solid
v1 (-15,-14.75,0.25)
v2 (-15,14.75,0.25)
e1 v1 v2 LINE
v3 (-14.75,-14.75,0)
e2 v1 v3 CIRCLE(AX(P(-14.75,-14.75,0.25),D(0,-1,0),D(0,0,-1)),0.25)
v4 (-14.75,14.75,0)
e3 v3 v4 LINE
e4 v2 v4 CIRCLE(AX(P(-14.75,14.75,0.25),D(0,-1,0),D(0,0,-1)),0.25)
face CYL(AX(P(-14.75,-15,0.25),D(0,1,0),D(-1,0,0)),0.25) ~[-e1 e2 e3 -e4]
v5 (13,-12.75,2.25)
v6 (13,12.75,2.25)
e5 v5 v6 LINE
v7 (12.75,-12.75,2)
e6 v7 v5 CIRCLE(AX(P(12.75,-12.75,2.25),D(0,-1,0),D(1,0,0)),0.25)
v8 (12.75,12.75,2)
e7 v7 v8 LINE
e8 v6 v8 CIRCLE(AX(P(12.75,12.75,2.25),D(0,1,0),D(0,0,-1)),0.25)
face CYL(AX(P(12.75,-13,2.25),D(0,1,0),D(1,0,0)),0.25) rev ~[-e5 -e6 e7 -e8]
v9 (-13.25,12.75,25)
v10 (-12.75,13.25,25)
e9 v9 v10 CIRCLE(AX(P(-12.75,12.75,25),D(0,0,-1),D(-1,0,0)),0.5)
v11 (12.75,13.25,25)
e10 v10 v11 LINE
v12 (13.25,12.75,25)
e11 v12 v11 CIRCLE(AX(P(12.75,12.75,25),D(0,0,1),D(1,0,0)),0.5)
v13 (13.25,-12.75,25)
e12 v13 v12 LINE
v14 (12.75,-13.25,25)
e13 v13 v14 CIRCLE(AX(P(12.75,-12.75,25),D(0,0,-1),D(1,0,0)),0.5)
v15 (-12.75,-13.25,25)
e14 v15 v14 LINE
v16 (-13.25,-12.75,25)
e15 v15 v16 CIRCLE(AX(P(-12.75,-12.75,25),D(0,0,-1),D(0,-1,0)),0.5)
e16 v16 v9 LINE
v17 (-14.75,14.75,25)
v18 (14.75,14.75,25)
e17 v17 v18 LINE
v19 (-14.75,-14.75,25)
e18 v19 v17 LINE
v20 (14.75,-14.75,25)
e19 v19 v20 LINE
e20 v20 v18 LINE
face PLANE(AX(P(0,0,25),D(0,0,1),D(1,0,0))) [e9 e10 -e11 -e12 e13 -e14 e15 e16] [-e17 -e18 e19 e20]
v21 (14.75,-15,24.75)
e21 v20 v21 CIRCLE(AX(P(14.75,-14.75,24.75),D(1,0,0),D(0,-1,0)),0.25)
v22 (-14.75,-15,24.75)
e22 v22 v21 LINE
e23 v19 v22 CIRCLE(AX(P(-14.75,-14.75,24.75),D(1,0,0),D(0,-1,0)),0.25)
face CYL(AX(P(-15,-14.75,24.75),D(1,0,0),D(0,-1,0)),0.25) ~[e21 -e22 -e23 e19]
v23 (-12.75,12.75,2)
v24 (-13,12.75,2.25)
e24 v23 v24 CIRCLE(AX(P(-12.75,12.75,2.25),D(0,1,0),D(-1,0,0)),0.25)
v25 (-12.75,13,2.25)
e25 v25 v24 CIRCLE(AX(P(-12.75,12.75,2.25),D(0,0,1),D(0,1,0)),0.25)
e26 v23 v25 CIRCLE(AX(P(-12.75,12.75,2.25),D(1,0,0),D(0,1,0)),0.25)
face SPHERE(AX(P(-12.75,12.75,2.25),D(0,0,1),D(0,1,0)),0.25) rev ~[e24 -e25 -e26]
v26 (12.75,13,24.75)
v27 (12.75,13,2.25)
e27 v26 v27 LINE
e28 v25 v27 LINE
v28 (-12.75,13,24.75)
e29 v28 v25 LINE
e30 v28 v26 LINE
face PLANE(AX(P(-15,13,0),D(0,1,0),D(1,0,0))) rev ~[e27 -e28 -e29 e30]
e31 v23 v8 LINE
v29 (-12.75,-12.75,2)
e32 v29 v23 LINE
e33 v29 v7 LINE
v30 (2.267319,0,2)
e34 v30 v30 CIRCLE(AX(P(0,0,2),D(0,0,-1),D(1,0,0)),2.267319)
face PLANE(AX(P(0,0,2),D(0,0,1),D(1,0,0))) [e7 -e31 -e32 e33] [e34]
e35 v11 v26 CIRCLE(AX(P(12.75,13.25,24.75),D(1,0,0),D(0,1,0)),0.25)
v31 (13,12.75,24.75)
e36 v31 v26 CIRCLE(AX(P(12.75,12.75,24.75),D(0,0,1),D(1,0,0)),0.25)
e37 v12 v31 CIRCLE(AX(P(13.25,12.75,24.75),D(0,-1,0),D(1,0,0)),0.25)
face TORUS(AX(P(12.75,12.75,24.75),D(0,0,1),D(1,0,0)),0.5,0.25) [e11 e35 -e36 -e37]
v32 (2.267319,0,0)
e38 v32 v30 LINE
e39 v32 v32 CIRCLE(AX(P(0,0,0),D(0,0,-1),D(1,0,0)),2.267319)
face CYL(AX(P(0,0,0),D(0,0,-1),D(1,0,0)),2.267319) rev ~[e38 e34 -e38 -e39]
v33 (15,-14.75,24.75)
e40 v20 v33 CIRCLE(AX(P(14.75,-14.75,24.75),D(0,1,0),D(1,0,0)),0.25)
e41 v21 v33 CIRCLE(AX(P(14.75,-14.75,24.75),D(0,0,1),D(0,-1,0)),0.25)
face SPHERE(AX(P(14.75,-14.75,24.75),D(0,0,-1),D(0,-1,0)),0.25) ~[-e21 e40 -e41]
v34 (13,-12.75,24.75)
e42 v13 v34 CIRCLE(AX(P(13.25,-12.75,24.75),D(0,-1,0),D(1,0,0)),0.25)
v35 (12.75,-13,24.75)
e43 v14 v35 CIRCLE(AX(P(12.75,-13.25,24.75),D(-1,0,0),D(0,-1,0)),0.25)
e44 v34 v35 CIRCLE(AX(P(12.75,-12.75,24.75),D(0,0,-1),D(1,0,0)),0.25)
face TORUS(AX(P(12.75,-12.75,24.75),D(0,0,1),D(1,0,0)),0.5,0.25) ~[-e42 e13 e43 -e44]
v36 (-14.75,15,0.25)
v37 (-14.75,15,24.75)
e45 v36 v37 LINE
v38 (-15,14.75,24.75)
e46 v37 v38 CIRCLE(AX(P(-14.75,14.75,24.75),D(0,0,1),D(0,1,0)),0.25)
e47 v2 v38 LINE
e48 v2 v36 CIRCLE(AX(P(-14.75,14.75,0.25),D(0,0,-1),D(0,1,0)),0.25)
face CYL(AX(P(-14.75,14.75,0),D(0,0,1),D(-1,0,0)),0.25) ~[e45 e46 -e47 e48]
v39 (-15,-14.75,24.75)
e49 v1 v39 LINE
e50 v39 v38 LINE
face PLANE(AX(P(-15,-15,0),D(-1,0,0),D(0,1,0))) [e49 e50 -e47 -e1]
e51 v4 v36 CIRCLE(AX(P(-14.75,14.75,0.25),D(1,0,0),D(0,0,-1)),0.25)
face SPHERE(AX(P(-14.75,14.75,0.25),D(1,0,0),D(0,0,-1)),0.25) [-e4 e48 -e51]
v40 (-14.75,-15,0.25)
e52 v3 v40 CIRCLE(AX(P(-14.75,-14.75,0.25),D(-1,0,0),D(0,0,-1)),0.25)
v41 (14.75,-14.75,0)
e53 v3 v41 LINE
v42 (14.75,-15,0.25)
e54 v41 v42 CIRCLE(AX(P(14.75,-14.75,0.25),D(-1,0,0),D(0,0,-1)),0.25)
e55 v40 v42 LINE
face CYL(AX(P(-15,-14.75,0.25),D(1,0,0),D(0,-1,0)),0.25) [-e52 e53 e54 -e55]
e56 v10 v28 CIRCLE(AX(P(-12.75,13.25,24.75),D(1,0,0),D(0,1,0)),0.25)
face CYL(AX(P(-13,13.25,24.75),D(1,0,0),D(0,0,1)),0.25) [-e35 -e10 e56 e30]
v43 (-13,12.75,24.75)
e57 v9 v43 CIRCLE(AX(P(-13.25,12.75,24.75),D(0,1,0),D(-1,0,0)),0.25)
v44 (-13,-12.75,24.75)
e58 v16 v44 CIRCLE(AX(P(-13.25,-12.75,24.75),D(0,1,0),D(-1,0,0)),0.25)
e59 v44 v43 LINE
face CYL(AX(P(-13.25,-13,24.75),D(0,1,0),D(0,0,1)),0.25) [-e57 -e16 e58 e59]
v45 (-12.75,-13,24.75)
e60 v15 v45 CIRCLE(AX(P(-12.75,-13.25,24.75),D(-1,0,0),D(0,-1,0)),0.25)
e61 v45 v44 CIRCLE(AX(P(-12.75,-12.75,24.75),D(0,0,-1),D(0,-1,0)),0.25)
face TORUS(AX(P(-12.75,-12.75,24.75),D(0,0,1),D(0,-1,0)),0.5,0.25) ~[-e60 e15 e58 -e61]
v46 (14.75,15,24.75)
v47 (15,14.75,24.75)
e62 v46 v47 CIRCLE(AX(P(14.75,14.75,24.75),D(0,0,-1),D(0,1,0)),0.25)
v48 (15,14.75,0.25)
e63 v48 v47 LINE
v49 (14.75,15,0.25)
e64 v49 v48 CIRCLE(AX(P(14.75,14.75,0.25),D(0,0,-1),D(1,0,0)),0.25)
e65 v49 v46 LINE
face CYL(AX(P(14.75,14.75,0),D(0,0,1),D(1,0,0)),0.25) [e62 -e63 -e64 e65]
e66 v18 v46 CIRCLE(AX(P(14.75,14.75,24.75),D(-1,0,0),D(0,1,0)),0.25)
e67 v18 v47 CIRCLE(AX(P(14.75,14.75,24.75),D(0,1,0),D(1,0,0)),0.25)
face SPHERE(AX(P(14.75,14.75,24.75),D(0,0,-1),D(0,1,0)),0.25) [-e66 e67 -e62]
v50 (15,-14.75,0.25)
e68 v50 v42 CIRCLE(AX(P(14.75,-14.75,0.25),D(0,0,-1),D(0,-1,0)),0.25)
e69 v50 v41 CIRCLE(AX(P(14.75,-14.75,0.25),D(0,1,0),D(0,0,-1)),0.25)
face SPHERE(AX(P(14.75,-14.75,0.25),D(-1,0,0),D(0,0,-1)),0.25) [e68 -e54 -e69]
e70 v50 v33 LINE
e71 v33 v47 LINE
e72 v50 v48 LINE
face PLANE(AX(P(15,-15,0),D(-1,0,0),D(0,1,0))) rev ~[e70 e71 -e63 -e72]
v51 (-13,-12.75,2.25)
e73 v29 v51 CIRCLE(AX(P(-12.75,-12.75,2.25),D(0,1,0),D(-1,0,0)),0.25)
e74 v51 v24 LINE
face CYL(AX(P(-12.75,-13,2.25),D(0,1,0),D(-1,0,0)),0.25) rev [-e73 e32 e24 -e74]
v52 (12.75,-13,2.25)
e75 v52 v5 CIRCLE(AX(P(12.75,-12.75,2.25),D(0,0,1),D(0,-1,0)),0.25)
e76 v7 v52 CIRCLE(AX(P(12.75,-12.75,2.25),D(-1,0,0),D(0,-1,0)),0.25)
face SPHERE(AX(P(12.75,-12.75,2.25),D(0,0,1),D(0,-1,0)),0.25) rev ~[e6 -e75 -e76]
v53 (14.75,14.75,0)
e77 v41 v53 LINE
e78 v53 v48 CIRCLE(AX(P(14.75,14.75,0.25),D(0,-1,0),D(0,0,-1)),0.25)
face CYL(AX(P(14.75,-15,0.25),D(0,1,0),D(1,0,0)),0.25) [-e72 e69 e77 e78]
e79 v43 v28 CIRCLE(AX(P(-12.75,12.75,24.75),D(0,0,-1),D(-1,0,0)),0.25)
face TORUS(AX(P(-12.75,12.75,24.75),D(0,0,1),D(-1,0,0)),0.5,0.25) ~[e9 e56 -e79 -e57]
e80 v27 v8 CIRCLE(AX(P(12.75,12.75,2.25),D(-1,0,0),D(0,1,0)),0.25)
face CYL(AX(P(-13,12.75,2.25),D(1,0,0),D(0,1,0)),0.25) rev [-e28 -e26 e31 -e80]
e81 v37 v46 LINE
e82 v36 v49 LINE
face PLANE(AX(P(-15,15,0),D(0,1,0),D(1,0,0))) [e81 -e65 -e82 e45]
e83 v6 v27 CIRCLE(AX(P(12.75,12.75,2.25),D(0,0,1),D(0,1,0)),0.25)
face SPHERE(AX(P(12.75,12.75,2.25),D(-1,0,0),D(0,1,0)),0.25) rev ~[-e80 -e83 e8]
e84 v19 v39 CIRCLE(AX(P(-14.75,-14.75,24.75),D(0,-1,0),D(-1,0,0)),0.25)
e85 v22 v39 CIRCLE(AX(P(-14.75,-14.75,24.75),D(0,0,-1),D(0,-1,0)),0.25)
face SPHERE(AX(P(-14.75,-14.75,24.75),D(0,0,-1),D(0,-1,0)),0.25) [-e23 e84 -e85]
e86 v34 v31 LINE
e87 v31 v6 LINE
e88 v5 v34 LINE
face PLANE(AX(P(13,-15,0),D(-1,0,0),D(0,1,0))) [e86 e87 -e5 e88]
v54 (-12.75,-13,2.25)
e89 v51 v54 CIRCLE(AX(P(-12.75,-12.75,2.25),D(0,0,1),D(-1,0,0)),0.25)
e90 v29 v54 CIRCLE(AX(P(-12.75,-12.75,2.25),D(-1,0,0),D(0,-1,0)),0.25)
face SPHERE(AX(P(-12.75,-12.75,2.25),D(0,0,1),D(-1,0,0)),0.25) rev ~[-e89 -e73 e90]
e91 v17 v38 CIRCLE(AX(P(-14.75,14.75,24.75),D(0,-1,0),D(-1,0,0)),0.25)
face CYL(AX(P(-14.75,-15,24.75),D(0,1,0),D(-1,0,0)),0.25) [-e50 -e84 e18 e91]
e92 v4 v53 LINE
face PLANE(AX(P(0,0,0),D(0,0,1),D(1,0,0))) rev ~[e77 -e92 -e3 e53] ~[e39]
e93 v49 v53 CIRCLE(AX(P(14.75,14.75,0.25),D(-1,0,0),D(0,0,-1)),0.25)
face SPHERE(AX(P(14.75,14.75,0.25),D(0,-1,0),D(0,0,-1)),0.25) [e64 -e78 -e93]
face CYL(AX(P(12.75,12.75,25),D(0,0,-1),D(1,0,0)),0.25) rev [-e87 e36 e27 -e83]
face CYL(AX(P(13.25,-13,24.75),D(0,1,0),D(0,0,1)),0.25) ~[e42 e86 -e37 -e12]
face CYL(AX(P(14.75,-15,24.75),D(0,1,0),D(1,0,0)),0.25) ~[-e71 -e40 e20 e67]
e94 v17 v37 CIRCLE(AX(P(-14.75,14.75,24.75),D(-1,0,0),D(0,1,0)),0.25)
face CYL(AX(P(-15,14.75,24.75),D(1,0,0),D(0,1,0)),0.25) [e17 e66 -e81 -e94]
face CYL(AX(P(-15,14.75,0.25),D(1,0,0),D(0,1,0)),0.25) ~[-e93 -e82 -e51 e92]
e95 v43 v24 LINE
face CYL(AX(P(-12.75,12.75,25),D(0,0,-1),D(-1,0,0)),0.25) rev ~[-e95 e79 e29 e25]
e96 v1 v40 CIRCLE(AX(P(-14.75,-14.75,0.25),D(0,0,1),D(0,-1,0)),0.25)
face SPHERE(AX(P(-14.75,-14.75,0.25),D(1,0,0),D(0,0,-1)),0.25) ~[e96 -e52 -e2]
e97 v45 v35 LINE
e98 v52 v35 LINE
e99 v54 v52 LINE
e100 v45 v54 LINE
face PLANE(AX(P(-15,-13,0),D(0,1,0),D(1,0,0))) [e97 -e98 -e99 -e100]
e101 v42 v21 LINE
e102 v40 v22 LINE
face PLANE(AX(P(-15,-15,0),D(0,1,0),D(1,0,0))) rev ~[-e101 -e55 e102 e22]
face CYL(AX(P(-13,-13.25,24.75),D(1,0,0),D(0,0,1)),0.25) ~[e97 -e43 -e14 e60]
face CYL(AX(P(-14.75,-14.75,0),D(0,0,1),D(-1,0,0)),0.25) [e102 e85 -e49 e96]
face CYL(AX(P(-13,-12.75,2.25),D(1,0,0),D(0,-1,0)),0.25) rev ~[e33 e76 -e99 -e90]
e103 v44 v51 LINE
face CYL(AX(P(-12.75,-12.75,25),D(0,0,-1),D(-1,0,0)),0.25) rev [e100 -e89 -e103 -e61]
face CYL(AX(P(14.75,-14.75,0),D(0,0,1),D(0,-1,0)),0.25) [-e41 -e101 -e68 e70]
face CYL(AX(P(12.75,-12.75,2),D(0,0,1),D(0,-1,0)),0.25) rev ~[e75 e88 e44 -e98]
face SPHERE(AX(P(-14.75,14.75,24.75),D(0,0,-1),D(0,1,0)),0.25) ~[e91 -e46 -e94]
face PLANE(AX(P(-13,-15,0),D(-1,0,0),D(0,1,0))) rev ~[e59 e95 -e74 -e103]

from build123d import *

# Parameters (mm, degrees)
F0_W     = 30
F0_H     = 30
F1_DEPTH = 25
F2_T     = -2
F3_R     = 0.25
F4_R     = 2.2673190991
F5_DEPTH = 25.001


with BuildPart() as f1:
    # F0 (on Top) → F1 (new body)
    with BuildSketch(Plane.XY):
        Rectangle(F0_W, F0_H)
    extrude(amount=F1_DEPTH)

    # F2
    f2_openings = [f1.faces().sort_by_distance(p)[0] for p in [
        (0, 0, 25),
    ]]
    offset(amount=F2_T, openings=f2_openings)

    # F3
    f3_edges = [f1.edges().sort_by_distance(p)[0] for p in [
        (0, 13, 25),
        (-13, 13, 13.5),
        (0, 13, 2),
        (13, 13, 13.5),
        (-13, 0, 25),
        (-13, -13, 13.5),
        (-13, 0, 2),
        (0, -13, 25),
        (13, -13, 13.5),
        (0, -13, 2),
        (13, 0, 25),
        (13, 0, 2),
        (0, -15, 0),
        (15, 0, 0),
        (0, 15, 0),
        (-15, 0, 0),
        (-15, -15, 12.5),
        (15, -15, 12.5),
        (0, -15, 25),
        (15, 15, 12.5),
        (-15, 15, 12.5),
        (0, 15, 25),
        (-15, 0, 25),
        (15, 0, 25),
    ]]
    fillet(f3_edges, radius=F3_R)

    # F4 (on face) → F5 (cut, through all)
    with BuildSketch(Plane(origin=(0, 0, 0), x_dir=(1, 0, 0), z_dir=(0, 0, -1))):
        Circle(F4_R)
    extrude(amount=-F5_DEPTH, mode=Mode.SUBTRACT)


solid = f1.part
